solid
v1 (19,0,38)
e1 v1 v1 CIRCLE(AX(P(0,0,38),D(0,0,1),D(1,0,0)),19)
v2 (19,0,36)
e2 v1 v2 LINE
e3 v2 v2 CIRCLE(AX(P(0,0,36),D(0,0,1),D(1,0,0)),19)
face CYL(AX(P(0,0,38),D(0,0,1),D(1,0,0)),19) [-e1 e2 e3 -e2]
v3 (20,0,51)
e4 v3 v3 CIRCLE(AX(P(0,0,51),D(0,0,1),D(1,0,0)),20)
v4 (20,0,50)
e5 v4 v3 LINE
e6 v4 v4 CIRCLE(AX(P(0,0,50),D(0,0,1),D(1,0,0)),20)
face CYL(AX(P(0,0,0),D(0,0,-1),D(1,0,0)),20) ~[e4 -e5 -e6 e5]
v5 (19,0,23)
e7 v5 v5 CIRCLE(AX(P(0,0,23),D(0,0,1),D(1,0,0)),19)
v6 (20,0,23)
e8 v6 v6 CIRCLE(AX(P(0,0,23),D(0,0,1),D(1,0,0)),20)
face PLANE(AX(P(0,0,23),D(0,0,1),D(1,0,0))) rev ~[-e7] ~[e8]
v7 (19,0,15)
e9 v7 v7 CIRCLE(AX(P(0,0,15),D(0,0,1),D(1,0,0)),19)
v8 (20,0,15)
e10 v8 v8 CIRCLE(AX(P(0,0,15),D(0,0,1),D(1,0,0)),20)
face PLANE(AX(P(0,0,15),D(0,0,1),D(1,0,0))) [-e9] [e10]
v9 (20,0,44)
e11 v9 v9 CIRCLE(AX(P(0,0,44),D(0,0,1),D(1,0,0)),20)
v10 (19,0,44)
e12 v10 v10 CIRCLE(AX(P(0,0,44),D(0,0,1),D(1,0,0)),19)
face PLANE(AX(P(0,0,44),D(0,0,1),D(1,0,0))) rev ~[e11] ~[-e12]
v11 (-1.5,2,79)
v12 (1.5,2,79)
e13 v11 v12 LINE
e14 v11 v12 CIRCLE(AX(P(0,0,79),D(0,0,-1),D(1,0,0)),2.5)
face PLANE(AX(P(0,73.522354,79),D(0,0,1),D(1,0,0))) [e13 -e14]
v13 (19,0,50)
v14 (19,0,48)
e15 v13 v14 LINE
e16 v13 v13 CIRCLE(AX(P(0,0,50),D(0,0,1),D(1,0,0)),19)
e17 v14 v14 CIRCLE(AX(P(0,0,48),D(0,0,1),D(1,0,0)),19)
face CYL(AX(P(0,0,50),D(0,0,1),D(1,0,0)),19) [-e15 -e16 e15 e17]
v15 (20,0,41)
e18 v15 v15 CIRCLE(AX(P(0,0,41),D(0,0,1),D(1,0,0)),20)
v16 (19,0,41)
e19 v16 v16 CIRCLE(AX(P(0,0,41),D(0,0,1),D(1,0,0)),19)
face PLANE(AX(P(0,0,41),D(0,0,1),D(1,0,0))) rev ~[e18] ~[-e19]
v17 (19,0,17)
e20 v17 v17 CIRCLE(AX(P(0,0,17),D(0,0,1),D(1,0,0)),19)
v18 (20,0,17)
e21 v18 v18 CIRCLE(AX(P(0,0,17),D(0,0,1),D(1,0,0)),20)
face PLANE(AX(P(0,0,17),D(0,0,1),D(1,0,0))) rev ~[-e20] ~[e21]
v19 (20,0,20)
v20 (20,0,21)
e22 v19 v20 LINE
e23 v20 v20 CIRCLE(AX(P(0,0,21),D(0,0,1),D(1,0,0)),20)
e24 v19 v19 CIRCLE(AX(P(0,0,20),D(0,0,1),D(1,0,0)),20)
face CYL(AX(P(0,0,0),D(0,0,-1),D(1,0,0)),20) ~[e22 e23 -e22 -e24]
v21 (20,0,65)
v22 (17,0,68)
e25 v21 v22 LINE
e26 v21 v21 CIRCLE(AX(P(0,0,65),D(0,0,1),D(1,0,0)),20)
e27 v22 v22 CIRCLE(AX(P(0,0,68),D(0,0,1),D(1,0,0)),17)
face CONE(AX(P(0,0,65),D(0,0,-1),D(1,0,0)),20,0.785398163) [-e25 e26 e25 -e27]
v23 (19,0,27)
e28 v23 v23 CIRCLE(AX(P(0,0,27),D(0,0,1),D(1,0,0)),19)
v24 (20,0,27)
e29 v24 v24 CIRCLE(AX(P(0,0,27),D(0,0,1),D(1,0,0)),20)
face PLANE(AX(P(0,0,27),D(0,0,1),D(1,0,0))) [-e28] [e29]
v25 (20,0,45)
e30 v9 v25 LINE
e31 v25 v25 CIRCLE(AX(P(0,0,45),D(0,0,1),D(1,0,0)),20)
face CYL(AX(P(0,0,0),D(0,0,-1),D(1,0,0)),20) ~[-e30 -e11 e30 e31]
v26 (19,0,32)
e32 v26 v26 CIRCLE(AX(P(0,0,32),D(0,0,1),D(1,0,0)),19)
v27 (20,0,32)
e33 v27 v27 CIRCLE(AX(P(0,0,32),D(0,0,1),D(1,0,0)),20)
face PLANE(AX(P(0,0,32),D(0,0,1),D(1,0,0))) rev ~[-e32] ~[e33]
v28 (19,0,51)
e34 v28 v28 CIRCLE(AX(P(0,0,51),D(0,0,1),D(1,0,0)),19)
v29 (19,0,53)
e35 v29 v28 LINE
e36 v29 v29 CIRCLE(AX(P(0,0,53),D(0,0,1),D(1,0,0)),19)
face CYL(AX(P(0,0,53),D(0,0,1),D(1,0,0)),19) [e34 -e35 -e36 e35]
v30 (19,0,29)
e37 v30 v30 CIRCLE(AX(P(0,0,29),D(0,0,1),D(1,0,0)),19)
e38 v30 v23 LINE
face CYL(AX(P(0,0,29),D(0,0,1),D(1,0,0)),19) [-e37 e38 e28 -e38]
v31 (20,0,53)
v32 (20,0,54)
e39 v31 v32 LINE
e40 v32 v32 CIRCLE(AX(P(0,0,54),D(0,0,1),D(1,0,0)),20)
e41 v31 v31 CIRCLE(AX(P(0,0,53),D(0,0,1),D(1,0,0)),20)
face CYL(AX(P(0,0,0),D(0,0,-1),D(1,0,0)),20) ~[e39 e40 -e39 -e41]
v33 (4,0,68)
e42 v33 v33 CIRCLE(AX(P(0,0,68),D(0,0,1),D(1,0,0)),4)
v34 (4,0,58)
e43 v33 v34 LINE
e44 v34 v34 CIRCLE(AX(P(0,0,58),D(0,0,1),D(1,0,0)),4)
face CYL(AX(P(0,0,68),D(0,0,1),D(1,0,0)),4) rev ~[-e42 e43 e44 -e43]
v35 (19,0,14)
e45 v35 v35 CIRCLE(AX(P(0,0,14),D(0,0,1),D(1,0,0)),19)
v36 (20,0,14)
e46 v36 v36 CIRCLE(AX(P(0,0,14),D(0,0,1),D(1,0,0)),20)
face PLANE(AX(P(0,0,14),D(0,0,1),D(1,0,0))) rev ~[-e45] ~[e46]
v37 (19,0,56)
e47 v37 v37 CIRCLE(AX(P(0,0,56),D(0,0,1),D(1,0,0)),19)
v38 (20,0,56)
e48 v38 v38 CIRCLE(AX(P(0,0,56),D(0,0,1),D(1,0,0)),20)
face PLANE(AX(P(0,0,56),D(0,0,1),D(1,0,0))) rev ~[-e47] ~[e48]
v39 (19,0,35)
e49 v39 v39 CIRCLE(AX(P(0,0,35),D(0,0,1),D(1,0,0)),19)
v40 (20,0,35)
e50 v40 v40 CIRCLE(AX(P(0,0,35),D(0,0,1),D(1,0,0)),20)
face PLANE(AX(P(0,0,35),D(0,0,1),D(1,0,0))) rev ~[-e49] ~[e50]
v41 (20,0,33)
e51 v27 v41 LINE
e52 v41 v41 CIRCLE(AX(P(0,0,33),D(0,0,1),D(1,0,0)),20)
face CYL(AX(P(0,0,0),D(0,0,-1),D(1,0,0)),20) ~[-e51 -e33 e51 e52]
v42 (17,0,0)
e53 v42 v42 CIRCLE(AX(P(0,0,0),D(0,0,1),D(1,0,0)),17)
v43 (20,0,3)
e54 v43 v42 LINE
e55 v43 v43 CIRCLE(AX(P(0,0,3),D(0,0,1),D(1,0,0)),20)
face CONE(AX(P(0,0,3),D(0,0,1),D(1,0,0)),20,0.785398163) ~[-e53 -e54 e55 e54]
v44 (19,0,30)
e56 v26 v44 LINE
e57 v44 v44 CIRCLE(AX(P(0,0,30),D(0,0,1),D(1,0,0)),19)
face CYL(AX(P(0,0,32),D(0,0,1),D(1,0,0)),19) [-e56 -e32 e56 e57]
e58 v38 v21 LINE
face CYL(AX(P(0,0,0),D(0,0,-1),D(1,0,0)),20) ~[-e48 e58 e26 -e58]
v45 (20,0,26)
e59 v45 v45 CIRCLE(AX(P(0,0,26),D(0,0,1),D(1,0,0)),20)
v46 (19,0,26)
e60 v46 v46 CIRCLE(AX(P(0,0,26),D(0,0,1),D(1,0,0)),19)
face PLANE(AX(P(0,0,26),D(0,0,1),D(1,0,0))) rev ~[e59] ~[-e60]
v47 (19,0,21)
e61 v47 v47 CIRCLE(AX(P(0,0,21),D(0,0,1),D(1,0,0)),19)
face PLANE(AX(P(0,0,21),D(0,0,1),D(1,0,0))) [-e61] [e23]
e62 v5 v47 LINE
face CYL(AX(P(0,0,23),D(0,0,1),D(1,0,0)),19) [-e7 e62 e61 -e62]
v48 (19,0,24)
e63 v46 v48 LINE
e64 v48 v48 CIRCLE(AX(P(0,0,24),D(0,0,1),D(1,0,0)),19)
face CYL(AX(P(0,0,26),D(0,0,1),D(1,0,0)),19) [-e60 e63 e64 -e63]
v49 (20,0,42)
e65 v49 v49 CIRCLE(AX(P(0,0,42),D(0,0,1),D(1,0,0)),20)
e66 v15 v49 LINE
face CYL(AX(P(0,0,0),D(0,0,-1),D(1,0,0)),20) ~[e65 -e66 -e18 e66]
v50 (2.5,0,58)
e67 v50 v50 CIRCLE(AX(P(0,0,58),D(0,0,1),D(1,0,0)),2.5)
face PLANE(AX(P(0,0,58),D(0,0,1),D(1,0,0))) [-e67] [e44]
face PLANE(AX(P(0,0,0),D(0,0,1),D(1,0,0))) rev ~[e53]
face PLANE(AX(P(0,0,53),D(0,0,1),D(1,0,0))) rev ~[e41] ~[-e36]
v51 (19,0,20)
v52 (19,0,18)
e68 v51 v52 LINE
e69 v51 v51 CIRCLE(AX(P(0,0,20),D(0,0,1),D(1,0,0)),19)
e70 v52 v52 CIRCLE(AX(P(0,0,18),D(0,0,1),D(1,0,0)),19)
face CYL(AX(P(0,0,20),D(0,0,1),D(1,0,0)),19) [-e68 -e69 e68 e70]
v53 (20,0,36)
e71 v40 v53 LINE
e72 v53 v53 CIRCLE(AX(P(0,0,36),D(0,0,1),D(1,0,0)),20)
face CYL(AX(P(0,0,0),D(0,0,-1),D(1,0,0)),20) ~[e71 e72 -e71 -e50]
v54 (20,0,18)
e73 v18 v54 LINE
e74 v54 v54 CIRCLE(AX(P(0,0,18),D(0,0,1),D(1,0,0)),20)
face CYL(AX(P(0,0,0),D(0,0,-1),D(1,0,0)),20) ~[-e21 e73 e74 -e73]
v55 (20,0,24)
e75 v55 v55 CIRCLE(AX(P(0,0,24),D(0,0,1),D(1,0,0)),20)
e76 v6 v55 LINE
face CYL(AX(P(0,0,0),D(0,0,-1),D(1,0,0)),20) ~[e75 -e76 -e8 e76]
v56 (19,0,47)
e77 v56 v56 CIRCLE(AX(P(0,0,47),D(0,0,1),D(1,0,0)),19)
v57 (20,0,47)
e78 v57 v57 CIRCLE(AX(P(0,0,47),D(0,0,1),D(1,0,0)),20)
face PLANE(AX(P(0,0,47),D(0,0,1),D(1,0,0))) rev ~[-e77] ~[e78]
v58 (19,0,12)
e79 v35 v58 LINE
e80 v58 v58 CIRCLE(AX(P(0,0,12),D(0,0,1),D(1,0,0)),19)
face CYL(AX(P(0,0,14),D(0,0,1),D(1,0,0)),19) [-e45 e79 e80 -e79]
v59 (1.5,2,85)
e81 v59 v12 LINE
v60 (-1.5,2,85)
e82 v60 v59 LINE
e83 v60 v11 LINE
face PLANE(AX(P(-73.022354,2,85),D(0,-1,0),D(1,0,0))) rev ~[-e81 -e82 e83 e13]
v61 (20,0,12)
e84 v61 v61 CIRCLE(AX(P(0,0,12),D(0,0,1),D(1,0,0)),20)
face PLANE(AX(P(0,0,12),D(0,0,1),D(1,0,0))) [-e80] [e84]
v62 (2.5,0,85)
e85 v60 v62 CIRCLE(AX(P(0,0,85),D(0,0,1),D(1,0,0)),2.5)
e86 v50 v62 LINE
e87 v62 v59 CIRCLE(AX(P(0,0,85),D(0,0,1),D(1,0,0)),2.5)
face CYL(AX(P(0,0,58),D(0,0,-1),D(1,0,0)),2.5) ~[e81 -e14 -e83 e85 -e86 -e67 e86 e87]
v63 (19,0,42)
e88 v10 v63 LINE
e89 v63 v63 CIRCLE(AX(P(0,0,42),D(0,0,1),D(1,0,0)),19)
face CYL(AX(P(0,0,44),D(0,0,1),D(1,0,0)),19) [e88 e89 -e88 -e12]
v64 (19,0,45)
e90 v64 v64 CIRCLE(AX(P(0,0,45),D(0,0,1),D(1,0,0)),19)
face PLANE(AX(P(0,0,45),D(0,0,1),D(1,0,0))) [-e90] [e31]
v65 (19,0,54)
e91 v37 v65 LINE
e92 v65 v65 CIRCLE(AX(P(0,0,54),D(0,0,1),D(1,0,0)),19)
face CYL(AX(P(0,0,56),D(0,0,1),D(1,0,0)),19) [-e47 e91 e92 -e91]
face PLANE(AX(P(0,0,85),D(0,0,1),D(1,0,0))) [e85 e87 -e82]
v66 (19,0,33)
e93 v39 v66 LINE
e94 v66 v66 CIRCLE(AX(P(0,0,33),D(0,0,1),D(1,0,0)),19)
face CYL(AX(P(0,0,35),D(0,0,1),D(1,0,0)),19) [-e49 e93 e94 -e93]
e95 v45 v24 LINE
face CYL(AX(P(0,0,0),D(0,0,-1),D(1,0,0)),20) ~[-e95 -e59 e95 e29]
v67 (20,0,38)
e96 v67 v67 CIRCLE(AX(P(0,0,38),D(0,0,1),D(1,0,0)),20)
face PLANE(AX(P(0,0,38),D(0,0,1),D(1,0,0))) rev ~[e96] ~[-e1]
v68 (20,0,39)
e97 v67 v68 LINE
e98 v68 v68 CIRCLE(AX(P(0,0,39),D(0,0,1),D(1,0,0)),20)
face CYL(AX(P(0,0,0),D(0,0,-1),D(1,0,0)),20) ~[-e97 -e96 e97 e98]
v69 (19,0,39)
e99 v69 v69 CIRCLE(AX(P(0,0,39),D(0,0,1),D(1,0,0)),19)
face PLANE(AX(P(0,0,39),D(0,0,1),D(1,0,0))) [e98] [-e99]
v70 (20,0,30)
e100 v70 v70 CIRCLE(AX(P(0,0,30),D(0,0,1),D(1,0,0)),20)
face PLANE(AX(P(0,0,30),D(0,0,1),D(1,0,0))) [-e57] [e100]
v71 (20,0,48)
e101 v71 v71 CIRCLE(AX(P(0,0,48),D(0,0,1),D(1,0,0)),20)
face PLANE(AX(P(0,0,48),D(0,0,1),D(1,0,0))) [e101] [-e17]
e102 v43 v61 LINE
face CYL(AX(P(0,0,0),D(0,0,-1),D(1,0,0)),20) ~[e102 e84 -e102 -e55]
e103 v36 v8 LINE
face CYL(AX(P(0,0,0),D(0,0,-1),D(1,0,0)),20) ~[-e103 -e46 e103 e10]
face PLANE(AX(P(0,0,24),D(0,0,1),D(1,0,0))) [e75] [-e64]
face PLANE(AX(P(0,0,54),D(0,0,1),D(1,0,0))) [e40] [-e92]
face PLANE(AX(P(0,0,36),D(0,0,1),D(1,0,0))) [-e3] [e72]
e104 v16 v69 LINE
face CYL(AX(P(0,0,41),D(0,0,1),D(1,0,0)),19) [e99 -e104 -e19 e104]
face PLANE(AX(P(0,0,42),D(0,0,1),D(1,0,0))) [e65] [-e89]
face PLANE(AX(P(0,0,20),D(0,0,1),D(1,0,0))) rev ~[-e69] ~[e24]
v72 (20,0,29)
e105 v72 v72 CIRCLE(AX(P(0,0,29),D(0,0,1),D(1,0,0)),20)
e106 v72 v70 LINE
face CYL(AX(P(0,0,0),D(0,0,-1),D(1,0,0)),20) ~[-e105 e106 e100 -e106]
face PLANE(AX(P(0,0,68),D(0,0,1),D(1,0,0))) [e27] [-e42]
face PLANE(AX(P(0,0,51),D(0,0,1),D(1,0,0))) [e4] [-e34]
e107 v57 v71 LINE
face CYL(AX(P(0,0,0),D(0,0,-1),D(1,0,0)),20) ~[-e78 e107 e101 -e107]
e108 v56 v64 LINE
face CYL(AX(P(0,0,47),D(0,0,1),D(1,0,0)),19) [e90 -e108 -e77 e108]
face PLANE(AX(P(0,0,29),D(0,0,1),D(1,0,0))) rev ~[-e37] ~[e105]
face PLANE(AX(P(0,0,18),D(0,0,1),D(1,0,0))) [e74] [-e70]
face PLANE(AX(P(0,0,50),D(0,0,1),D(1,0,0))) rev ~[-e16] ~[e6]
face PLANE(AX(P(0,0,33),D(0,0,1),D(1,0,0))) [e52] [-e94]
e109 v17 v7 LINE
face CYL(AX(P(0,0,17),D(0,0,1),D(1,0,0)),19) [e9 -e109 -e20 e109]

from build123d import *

# Parameters (mm, degrees)
SKETCH1_R           = 20
BOSS_EXTRUDE1_DEPTH = 68
SKETCH2_R           = 4
CUT_EXTRUDE1_DEPTH  = 10
SKETCH3_R           = 2.5
BOSS_EXTRUDE2_DEPTH = 27
CUT_EXTRUDE2_DEPTH  = 6
CHAMFER1_SIZE       = 3
CUT_EXTRUDE3_START  = -12
SKETCH5_R           = 20
SKETCH5_R_2         = 19
CUT_EXTRUDE3_DEPTH  = 2
LPATTERN1_COUNT     = 15
LPATTERN1_PITCH     = 3


with BuildPart() as part:
    # Sketch1 → Boss-Extrude1 (new body)
    with BuildSketch(Plane.XY):
        Circle(SKETCH1_R)
    extrude(amount=BOSS_EXTRUDE1_DEPTH)

    # Sketch2 → Cut-Extrude1 (cut)
    with BuildSketch(Plane.XY.offset(68)):
        Circle(SKETCH2_R)
    extrude(amount=-CUT_EXTRUDE1_DEPTH, mode=Mode.SUBTRACT)

    # Sketch3 → Boss-Extrude2 (add)
    with BuildSketch(Plane.XY.offset(58)):
        Circle(SKETCH3_R)
    extrude(amount=BOSS_EXTRUDE2_DEPTH)

    # Sketch4 → Cut-Extrude2 (cut)
    with BuildSketch(Plane.XY.offset(85)):
        Polygon((-73.022353661, 2), (-1.5, 2), (1.5, 2), (73.022353661, 2), (73.022353661, 145.044707322), (-73.022353661, 145.044707322), align=None)
    extrude(amount=-CUT_EXTRUDE2_DEPTH, mode=Mode.SUBTRACT)

    # Chamfer1
    chamfer1_edges = [part.edges().sort_by_distance(p)[0] for p in [
        (-20, 0, 0),
        (-20, 0, 68),
    ]]
    chamfer(chamfer1_edges, length=CHAMFER1_SIZE)

    # Sketch5 → Cut-Extrude3 (cut)
    with BuildSketch(Plane.XY.offset(68).offset(CUT_EXTRUDE3_START)):
        Circle(SKETCH5_R)
        Circle(SKETCH5_R_2, mode=Mode.SUBTRACT)
    cut_extrude3 = extrude(amount=-CUT_EXTRUDE3_DEPTH, mode=Mode.SUBTRACT)

    # LPattern1: Cut-Extrude3 ×15
    with Locations(*[(0, 0, -i * LPATTERN1_PITCH) for i in range(1, LPATTERN1_COUNT)]):
        add(cut_extrude3, mode=Mode.SUBTRACT)


solid = part.part
